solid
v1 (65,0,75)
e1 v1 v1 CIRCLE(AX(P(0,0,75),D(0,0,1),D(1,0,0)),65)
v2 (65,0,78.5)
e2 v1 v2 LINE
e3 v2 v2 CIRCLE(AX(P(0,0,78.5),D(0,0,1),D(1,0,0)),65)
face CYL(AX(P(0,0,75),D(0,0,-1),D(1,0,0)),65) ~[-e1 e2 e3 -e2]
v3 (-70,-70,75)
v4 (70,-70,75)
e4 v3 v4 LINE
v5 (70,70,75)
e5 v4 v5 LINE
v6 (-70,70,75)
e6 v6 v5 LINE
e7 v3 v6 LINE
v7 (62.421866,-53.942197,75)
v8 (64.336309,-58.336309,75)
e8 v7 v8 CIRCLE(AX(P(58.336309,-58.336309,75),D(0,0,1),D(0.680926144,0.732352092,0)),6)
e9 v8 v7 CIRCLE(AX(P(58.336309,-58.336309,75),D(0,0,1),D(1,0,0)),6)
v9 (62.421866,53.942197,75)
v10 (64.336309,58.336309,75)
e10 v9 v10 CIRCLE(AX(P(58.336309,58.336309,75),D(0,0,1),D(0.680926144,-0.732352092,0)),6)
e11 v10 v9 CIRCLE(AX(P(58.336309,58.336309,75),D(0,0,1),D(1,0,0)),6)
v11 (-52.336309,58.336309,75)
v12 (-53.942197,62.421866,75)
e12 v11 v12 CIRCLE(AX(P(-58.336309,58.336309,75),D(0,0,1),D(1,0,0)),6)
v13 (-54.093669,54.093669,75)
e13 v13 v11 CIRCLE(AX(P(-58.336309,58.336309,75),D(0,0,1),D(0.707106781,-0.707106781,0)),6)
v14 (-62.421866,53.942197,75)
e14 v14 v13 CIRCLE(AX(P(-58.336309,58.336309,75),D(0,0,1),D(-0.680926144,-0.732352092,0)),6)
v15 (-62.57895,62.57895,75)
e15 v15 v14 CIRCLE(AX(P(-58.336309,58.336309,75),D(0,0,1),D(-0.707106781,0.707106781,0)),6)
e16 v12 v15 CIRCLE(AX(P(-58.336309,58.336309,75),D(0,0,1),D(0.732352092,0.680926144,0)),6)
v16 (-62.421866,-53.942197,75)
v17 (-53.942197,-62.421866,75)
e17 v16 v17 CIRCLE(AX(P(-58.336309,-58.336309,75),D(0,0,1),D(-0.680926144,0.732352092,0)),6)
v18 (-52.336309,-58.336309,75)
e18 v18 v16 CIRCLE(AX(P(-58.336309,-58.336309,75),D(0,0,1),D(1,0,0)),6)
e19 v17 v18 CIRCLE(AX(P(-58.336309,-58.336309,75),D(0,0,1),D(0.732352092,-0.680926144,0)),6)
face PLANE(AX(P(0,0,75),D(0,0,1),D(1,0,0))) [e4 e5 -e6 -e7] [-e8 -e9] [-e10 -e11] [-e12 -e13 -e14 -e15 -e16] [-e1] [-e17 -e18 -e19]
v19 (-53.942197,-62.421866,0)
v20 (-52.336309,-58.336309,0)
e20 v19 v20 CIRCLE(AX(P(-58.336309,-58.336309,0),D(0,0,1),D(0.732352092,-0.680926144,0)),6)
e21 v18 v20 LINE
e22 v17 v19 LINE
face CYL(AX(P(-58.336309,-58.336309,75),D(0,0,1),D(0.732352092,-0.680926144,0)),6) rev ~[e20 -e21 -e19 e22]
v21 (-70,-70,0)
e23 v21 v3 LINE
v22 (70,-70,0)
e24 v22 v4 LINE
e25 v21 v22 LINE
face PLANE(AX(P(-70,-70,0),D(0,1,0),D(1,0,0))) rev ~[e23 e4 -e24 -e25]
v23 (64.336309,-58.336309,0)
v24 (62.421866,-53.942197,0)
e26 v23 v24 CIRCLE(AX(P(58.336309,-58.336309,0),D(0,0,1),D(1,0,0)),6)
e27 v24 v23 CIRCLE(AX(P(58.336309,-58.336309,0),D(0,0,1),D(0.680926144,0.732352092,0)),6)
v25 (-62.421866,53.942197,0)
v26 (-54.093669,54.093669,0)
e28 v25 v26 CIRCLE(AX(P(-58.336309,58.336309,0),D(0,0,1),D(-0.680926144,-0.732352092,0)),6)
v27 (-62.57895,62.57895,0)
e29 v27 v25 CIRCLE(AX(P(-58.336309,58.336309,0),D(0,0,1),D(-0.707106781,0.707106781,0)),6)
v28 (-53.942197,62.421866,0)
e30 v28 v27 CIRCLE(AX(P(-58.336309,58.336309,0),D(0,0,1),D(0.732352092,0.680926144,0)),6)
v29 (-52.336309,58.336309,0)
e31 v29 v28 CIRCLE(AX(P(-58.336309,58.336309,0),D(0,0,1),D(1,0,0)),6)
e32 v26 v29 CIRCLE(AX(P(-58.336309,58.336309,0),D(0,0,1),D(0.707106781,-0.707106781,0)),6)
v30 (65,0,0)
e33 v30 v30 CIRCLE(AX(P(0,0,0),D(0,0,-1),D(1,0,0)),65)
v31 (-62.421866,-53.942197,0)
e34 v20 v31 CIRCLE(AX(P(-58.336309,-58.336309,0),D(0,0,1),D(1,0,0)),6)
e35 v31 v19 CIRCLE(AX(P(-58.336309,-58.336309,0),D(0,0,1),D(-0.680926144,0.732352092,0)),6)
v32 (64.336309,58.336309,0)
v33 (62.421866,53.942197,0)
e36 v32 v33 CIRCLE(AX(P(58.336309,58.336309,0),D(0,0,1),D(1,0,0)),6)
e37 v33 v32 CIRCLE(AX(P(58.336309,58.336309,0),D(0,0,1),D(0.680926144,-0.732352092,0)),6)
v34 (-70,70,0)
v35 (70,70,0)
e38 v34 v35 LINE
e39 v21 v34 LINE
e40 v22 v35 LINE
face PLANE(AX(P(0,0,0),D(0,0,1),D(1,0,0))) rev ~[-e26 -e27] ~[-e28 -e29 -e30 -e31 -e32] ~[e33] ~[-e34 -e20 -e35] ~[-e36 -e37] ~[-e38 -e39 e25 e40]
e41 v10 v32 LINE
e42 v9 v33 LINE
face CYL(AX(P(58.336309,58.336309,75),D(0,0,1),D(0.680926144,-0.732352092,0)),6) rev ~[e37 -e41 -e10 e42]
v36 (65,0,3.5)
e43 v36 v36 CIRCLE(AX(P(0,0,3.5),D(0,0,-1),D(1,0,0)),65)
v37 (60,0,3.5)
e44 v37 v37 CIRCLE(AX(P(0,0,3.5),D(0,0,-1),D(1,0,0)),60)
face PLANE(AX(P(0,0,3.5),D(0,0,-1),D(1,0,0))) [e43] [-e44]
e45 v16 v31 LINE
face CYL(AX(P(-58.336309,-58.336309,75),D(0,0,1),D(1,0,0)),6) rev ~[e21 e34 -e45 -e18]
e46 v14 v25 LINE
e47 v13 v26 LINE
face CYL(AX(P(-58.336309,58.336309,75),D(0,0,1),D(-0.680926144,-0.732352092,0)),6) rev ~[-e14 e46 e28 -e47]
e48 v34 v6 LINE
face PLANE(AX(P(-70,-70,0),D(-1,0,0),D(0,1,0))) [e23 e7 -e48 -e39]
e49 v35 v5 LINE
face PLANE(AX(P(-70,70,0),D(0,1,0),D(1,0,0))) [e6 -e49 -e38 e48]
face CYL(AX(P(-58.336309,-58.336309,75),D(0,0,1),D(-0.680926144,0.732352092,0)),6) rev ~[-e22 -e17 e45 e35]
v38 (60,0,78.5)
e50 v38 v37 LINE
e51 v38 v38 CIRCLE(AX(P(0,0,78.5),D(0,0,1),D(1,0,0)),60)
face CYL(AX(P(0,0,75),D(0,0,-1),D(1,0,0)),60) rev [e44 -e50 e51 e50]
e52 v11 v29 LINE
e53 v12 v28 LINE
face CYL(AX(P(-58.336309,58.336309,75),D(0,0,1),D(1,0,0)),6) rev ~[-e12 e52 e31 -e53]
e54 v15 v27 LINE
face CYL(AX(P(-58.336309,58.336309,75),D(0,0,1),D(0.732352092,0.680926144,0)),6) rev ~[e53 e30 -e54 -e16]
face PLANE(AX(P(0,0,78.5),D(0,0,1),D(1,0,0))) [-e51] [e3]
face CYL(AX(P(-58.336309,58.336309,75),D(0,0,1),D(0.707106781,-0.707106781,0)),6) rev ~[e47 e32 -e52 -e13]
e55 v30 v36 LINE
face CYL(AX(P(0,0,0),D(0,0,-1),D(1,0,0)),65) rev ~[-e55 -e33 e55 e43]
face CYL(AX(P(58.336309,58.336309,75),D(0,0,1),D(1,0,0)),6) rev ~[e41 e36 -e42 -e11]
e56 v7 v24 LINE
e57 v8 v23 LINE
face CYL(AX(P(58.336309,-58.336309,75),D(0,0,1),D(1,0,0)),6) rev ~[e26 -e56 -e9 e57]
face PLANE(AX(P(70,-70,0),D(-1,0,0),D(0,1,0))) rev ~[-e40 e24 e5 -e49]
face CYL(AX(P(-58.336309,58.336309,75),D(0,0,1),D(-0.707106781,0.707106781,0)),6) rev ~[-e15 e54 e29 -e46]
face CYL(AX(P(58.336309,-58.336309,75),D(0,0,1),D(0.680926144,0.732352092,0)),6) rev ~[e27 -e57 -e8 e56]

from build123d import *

# Parameters (mm, degrees)
F0_W     = 140
F0_H     = 140
F0_R     = 60
F1_DEPTH = 75
F2_R     = 65
F2_R_2   = 60
F3_DEPTH = 3.5
F4_R     = 65
F4_R_2   = 50
F5_DEPTH = 3.5
F7_DEPTH = 75.001


with BuildPart() as f1:
    # F0 (on Top) → F1 (new body)
    with BuildSketch(Plane.XY):
        Rectangle(F0_W, F0_H)
        Circle(F0_R, mode=Mode.SUBTRACT)
    extrude(amount=F1_DEPTH)

    # F2 (on face) → F3 (join)
    with BuildSketch(Plane.XY.offset(75)):
        Circle(F2_R)
        Circle(F2_R_2, mode=Mode.SUBTRACT)
    extrude(amount=F3_DEPTH)

    # F4 (on face) → F5 (cut)
    with BuildSketch(Plane(origin=(0, 0, 0), x_dir=(1, 0, 0), z_dir=(0, 0, -1))):
        Circle(F4_R)
        Circle(F4_R_2, mode=Mode.SUBTRACT)
    extrude(amount=-F5_DEPTH, mode=Mode.SUBTRACT)

    # F6 (on face) → F7 (cut, through all)
    with BuildSketch(Plane.XY.offset(75)):
        with BuildLine():
            ThreePointArc((-58.3363094479, 58.3363094479), (-56.1764068849, 60.419047572), (-53.9421968972, 62.4218663122))
            ThreePointArc((-53.9421968972, 62.4218663122), (-58.2272004968, 64.3353173023), (-62.578950135, 62.578950135))
            Line((-62.578950135, 62.578950135), (-58.3363094479, 58.3363094479))
        make_face()
        with BuildLine():
            ThreePointArc((-52.3363094479, 58.3363094479), (-52.752194688, 60.5312268377), (-53.9421968972, 62.4218663122))
            ThreePointArc((-53.9421968972, 62.4218663122), (-56.1764068849, 60.419047572), (-58.3363094479, 58.3363094479))
            Line((-58.3363094479, 58.3363094479), (-54.0936687608, 54.0936687608))
            ThreePointArc((-54.0936687608, 54.0936687608), (-52.7930322528, 56.0402088537), (-52.3363094479, 58.3363094479))
        make_face()
        with BuildLine():
            Line((-54.0936687608, 54.0936687608), (-58.3363094479, 58.3363094479))
            ThreePointArc((-58.3363094479, 58.3363094479), (-60.419047572, 56.1764068849), (-62.4218663122, 53.9421968972))
            ThreePointArc((-62.4218663122, 53.9421968972), (-58.2272004968, 52.3373015935), (-54.0936687608, 54.0936687608))
        make_face()
        with BuildLine():
            ThreePointArc((-62.4218663122, 53.9421968972), (-60.419047572, 56.1764068849), (-58.3363094479, 58.3363094479))
            Line((-58.3363094479, 58.3363094479), (-62.578950135, 62.578950135))
            ThreePointArc((-62.578950135, 62.578950135), (-64.3353173023, 58.2272004968), (-62.4218663122, 53.9421968972))
        make_face()
        with BuildLine():
            ThreePointArc((53.9421968972, 62.4218663122), (58.3363094479, 58.3363094479), (62.4218663122, 53.9421968972))
            ThreePointArc((62.4218663122, 53.9421968972), (63.836915832, 55.9397850047), (64.3363094479, 58.3363094479))
            ThreePointArc((64.3363094479, 58.3363094479), (60.5312268377, 63.9204242078), (53.9421968972, 62.4218663122))
        make_face()
        with BuildLine():
            ThreePointArc((53.9421968972, 62.4218663122), (54.0936687608, 54.0936687608), (62.4218663122, 53.9421968972))
            ThreePointArc((62.4218663122, 53.9421968972), (58.3363094479, 58.3363094479), (53.9421968972, 62.4218663122))
        make_face()
        with BuildLine():
            ThreePointArc((64.3363094479, -58.3363094479), (63.836915832, -55.9397850047), (62.4218663122, -53.9421968972))
            ThreePointArc((62.4218663122, -53.9421968972), (58.3363094479, -58.3363094479), (53.9421968972, -62.4218663122))
            ThreePointArc((53.9421968972, -62.4218663122), (60.5312268377, -63.9204242078), (64.3363094479, -58.3363094479))
        make_face()
        with BuildLine():
            ThreePointArc((53.9421968972, -62.4218663122), (58.3363094479, -58.3363094479), (62.4218663122, -53.9421968972))
            ThreePointArc((62.4218663122, -53.9421968972), (54.0936687608, -54.0936687608), (53.9421968972, -62.4218663122))
        make_face()
        with BuildLine():
            ThreePointArc((-62.4218663122, -53.9421968972), (-62.578950135, -62.578950135), (-53.9421968972, -62.4218663122))
            ThreePointArc((-53.9421968972, -62.4218663122), (-58.3363094479, -58.3363094479), (-62.4218663122, -53.9421968972))
        make_face()
        with BuildLine():
            ThreePointArc((-62.4218663122, -53.9421968972), (-58.3363094479, -58.3363094479), (-53.9421968972, -62.4218663122))
            ThreePointArc((-53.9421968972, -62.4218663122), (-52.752194688, -60.5312268377), (-52.3363094479, -58.3363094479))
            ThreePointArc((-52.3363094479, -58.3363094479), (-55.9397850047, -52.8357030638), (-62.4218663122, -53.9421968972))
        make_face()
    extrude(amount=-F7_DEPTH, mode=Mode.SUBTRACT)


solid = f1.part
